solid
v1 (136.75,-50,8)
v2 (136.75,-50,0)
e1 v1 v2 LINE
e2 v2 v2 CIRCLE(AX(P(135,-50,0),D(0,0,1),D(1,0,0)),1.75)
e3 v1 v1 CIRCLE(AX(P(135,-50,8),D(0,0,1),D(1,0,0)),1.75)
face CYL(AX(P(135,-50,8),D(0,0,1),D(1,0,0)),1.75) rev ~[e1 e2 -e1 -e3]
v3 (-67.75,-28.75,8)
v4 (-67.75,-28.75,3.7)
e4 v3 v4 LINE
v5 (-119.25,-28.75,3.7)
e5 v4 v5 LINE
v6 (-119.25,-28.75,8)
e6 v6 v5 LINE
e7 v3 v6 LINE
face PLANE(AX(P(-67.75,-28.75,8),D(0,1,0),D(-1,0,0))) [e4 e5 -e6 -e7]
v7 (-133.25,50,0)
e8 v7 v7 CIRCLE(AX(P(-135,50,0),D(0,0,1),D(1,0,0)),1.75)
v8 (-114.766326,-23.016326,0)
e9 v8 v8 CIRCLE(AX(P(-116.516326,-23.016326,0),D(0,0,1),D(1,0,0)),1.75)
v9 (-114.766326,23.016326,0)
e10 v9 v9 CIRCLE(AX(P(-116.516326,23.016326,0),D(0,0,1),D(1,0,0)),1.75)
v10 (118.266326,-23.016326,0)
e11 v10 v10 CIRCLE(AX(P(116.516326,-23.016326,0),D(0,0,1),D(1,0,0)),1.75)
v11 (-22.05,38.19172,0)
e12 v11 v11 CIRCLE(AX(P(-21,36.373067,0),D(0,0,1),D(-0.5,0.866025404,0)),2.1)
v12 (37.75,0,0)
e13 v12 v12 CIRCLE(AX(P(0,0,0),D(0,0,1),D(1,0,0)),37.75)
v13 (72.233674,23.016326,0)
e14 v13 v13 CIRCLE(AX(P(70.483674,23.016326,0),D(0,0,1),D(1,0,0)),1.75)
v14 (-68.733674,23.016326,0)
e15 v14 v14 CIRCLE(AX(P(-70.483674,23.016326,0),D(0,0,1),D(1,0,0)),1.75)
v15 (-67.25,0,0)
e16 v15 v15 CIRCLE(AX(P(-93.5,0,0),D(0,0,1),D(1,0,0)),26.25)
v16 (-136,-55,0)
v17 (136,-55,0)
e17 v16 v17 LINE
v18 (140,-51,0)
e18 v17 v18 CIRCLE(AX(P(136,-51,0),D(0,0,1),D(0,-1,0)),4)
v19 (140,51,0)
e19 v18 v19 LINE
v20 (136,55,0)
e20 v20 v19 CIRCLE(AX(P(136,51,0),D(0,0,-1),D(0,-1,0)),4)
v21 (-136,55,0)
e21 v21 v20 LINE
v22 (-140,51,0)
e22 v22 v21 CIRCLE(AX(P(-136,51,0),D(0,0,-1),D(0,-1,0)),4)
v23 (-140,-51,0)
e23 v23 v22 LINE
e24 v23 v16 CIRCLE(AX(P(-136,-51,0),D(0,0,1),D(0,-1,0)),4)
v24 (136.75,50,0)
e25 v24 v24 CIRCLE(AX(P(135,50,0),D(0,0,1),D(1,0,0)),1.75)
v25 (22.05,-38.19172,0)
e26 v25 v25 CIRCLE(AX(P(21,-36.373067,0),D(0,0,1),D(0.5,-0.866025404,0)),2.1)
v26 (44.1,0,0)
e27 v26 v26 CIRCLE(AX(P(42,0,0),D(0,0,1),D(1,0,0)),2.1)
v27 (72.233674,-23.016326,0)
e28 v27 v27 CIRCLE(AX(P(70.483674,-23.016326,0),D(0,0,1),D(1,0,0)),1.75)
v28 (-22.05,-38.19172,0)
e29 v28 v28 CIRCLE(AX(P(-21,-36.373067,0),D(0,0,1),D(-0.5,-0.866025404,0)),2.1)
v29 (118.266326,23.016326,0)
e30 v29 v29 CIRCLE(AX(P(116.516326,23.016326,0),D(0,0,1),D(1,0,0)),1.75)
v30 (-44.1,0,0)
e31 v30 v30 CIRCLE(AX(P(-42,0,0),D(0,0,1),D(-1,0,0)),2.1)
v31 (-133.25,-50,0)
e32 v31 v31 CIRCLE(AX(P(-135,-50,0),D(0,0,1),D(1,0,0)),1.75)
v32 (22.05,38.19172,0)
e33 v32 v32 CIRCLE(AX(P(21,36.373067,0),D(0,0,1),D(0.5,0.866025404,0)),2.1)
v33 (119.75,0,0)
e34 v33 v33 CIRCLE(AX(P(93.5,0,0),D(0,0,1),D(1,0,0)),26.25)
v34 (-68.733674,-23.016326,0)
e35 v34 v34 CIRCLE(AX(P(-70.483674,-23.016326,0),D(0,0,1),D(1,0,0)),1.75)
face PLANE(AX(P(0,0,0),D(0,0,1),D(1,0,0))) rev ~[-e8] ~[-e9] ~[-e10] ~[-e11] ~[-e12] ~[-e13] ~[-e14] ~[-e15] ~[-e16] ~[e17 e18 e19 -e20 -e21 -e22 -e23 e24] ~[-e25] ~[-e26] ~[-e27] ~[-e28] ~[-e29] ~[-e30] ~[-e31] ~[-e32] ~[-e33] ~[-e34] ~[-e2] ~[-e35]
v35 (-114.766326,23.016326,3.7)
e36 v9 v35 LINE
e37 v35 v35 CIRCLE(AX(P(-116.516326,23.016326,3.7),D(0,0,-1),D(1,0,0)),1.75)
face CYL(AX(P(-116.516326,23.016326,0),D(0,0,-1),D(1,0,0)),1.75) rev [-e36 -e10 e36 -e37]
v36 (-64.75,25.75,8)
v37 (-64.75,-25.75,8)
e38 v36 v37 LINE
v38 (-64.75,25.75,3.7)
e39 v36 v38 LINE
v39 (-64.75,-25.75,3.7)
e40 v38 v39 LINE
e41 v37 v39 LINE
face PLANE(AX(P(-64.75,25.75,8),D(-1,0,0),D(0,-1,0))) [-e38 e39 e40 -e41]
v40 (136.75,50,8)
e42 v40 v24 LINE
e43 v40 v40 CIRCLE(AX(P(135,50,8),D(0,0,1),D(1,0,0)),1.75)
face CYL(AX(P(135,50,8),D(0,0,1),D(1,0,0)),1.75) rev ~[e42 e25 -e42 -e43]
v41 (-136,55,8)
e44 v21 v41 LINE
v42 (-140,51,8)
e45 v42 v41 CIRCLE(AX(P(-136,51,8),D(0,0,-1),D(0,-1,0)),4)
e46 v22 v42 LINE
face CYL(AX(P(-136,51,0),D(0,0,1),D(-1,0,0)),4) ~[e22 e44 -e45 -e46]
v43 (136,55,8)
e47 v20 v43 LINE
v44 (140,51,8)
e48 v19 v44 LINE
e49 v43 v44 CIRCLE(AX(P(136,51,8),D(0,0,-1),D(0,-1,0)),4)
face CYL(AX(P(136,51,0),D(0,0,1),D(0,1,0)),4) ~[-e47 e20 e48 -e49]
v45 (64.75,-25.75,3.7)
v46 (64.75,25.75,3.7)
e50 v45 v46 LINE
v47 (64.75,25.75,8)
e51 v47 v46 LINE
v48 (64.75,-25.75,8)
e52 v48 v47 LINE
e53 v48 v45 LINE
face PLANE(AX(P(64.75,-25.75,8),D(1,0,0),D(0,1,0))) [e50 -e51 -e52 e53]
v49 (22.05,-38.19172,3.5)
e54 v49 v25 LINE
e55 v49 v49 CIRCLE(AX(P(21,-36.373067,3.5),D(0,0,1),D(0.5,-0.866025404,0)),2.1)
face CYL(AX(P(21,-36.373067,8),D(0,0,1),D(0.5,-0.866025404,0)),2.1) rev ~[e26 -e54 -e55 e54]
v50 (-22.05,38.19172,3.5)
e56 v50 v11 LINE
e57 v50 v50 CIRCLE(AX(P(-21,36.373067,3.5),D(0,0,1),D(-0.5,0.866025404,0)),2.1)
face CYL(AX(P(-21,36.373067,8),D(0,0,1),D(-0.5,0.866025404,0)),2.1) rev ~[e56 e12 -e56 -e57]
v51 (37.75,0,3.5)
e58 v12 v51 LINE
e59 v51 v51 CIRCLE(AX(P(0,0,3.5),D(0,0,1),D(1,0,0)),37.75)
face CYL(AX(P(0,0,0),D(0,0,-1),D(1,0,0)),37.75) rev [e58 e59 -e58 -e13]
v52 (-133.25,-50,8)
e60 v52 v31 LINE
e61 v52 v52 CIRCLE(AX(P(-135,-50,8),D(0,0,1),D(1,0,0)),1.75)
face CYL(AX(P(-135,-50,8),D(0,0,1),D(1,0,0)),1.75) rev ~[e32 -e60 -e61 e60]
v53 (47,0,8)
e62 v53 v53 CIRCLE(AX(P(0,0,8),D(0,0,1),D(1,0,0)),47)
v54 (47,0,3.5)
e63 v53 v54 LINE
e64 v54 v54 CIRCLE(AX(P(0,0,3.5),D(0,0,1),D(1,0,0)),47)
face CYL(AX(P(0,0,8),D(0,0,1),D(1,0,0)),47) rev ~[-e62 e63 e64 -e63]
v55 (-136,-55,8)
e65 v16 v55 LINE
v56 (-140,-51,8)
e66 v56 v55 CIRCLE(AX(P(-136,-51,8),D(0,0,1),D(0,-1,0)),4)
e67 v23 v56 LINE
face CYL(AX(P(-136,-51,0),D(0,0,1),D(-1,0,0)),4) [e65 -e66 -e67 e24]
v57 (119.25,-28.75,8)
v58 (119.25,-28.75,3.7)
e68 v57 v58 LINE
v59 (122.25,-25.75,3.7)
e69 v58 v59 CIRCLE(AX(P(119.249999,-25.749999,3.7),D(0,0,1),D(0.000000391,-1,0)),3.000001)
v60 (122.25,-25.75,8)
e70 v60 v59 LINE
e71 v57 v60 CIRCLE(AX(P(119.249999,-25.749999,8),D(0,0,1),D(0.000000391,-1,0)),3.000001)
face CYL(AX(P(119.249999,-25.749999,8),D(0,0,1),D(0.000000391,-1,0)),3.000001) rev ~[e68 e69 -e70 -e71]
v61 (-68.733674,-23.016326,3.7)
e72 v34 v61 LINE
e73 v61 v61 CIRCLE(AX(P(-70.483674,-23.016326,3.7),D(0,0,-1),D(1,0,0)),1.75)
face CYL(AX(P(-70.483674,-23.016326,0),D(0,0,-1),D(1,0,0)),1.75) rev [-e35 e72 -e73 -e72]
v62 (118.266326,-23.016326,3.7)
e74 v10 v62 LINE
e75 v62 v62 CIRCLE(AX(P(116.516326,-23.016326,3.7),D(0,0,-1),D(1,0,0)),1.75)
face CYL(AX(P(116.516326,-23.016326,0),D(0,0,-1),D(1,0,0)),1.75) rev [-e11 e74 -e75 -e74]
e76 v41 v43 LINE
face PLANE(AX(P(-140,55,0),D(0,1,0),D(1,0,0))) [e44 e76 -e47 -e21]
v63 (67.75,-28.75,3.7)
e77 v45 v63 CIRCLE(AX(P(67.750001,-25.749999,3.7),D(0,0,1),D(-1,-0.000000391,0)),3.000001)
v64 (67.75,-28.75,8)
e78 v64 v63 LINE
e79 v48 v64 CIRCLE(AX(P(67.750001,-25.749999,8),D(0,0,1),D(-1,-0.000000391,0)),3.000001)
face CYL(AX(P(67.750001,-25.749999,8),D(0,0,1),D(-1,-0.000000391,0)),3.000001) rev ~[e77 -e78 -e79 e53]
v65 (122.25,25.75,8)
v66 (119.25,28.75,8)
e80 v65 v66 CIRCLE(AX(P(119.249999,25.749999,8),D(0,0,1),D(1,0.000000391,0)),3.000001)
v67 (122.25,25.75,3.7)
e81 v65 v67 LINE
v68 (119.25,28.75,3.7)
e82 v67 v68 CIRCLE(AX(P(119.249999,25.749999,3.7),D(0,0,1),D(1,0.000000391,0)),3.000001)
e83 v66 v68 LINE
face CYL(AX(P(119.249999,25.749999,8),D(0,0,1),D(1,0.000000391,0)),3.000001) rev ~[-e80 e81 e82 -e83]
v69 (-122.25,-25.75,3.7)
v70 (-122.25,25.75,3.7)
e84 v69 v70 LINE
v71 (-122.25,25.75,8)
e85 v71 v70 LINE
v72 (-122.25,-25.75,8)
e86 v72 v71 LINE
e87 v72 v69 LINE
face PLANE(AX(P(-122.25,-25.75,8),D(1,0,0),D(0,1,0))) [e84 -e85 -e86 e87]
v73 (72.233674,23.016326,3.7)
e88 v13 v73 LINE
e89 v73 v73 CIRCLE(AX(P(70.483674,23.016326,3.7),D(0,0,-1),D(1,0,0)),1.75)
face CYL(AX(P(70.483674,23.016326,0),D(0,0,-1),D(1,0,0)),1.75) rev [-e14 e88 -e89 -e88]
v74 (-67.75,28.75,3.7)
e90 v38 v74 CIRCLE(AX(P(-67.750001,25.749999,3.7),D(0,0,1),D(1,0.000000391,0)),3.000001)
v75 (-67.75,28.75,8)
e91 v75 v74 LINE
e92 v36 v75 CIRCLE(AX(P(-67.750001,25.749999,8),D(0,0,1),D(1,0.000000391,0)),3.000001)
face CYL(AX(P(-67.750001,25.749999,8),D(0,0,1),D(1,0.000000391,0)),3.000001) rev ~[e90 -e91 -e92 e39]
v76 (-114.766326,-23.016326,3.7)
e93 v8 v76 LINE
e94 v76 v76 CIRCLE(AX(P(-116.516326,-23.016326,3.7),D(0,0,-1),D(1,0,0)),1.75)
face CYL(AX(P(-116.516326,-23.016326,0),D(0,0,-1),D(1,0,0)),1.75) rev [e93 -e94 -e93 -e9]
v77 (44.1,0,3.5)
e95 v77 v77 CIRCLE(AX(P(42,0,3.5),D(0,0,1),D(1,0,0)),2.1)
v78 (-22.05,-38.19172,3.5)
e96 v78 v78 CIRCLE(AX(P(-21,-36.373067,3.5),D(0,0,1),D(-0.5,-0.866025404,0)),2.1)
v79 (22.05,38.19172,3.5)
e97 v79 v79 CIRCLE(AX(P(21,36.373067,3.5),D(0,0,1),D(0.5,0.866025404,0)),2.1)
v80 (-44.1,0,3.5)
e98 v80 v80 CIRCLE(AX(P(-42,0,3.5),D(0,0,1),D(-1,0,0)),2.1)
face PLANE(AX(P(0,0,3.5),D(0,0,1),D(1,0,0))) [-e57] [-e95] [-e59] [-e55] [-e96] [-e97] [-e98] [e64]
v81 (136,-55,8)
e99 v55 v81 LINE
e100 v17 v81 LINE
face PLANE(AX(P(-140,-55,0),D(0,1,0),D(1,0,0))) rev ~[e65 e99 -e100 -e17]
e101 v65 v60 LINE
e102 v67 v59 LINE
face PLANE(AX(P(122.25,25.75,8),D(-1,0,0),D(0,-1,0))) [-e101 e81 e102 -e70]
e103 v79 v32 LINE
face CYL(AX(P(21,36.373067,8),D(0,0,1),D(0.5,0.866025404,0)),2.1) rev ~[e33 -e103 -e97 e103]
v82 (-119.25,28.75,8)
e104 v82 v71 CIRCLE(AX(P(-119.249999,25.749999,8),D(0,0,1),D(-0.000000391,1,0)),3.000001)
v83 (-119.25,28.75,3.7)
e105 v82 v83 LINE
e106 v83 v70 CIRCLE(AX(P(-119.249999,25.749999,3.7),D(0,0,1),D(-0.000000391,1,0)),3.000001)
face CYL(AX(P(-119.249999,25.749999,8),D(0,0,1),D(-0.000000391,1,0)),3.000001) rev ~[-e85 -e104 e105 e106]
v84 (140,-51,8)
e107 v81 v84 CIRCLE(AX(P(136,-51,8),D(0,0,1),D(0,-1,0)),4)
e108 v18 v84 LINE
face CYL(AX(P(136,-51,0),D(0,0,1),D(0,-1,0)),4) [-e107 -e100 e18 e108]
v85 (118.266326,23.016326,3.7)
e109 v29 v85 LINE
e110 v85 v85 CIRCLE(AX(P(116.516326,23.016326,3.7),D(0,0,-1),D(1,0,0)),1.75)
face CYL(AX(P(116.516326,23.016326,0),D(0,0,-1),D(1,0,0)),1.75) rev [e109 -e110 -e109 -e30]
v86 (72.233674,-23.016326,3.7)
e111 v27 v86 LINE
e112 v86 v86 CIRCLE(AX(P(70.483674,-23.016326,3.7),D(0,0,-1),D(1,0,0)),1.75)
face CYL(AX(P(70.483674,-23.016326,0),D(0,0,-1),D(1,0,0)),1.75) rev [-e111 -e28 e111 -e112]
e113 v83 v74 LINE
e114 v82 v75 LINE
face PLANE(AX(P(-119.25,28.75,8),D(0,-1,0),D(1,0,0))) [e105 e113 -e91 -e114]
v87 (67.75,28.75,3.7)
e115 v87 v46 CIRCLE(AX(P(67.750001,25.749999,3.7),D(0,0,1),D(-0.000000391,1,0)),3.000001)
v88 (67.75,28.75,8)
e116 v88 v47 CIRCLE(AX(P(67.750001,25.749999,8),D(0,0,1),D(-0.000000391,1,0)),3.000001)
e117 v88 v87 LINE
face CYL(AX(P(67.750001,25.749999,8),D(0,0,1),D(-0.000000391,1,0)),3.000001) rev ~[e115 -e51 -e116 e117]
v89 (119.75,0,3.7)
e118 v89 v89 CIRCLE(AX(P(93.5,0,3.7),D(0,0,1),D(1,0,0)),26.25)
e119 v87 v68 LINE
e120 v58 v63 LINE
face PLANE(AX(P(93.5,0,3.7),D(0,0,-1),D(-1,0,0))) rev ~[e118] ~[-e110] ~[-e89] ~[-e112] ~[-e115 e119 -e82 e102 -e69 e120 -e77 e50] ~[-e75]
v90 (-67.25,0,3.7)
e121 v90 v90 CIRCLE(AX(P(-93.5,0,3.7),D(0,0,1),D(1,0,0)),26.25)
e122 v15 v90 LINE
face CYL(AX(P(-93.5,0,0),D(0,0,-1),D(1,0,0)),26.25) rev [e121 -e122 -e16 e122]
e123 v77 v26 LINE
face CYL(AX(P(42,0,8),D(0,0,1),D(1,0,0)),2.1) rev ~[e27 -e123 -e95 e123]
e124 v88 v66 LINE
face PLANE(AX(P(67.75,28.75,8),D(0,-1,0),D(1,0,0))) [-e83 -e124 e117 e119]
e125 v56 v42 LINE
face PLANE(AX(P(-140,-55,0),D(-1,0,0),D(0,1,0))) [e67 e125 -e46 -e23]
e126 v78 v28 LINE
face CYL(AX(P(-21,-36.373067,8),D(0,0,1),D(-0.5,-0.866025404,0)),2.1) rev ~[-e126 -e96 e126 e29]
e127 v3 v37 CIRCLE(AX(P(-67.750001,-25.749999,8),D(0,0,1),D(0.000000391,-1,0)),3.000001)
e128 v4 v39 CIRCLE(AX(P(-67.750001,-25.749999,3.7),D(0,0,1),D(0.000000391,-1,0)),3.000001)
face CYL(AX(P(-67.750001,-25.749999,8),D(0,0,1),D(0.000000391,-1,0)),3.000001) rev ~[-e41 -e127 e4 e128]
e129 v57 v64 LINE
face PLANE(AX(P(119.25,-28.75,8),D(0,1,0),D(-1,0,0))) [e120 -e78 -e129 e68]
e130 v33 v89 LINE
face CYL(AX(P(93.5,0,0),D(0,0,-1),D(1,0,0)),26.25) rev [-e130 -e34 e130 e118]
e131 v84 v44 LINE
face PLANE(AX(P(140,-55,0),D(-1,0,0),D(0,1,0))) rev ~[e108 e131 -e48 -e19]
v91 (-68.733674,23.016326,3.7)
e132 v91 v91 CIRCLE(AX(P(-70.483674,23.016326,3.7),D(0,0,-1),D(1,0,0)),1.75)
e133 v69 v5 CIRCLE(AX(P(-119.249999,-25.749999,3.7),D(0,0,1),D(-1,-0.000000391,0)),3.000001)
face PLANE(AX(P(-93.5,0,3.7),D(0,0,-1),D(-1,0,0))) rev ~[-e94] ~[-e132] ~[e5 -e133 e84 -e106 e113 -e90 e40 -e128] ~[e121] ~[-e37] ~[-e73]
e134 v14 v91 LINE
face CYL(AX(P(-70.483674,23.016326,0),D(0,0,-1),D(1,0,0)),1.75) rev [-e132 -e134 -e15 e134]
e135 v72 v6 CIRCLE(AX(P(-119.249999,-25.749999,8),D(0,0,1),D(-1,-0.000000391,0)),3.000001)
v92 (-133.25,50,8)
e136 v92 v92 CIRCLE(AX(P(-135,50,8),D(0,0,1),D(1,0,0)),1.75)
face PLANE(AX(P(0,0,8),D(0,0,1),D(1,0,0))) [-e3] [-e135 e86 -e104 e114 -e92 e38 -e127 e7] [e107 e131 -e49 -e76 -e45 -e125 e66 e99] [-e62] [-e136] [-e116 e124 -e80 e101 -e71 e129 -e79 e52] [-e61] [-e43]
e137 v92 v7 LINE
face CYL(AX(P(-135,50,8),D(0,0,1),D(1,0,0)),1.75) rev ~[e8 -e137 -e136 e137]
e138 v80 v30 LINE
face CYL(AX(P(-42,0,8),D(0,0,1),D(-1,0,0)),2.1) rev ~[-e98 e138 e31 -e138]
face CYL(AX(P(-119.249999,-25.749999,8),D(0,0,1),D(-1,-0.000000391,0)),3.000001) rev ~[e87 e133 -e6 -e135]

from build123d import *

# Parameters (mm, degrees)
SKETCH_W           = 280
SKETCH_H           = 110
SKETCH_R           = 37.75
SKETCH_R_2         = 26.25
SKETCH_R_3         = 1.75
PAD_DEPTH          = 8
SKETCH001_R        = 2.1
POCKET_DEPTH       = 8
POLARPATTERN_COUNT = 6
SKETCH002_R        = 47
SKETCH002_R_2      = 37.75
POCKET001_DEPTH    = 4.5
SKETCH003_R        = 26.25
POCKET002_DEPTH    = 4.3
SKETCH004_R        = 1.75
POCKET003_DEPTH    = 8
FILLET002_R        = 4


with BuildPart() as part:
    # Sketch → Pad (new body)
    with BuildSketch(Plane.XY):
        Rectangle(SKETCH_W, SKETCH_H)
        Circle(SKETCH_R, mode=Mode.SUBTRACT)
        with Locations((93.5, 0)):
            Circle(SKETCH_R_2, mode=Mode.SUBTRACT)
        with Locations((-93.5, 0)):
            Circle(SKETCH_R_2, mode=Mode.SUBTRACT)
        with Locations((116.516326, -23.016326)):
            Circle(SKETCH_R_3, mode=Mode.SUBTRACT)
        with Locations((116.516326, 23.016326)):
            Circle(SKETCH_R_3, mode=Mode.SUBTRACT)
        with Locations((70.483674, 23.016326)):
            Circle(SKETCH_R_3, mode=Mode.SUBTRACT)
        with Locations((70.483674, -23.016326)):
            Circle(SKETCH_R_3, mode=Mode.SUBTRACT)
        with Locations((-116.516326, 23.016326)):
            Circle(SKETCH_R_3, mode=Mode.SUBTRACT)
        with Locations((-70.483674, 23.016326)):
            Circle(SKETCH_R_3, mode=Mode.SUBTRACT)
        with Locations((-70.483674, -23.016326)):
            Circle(SKETCH_R_3, mode=Mode.SUBTRACT)
        with Locations((-116.516326, -23.016326)):
            Circle(SKETCH_R_3, mode=Mode.SUBTRACT)
    extrude(amount=PAD_DEPTH)

    # Sketch001 (on Face17 of Pad) → Pocket (cut)
    with BuildSketch(Plane.XY.offset(8)):
        with Locations((42, 0)):
            Circle(SKETCH001_R)
    pocket = extrude(amount=-POCKET_DEPTH, mode=Mode.SUBTRACT)

    # PolarPattern: Pocket ×6 about axis
    polarpattern_axis = Axis((0, 0, 8), (0, 0, 1))
    for i in range(1, POLARPATTERN_COUNT):
        add(pocket.rotate(polarpattern_axis, i * 360 / POLARPATTERN_COUNT), mode=Mode.SUBTRACT)

    # Sketch002 (on Face5 of PolarPattern) → Pocket001 (cut)
    with BuildSketch(Plane.XY.offset(8)):
        Circle(SKETCH002_R)
        Circle(SKETCH002_R_2, mode=Mode.SUBTRACT)
    extrude(amount=-POCKET001_DEPTH, mode=Mode.SUBTRACT)

    # Sketch003 (on Face5 of Pocket001) → Pocket002 (cut)
    with BuildSketch(Plane.XY.offset(8)):
        with BuildLine():
            Line((-119.25, 28.75), (-67.75, 28.75))
            ThreePointArc((-64.75, 25.75), (-65.62868, 27.87132), (-67.75, 28.75))
            Line((-64.75, 25.75), (-64.75, -25.75))
            ThreePointArc((-67.75, -28.75), (-65.62868, -27.87132), (-64.75, -25.75))
            Line((-67.75, -28.75), (-119.25, -28.75))
            ThreePointArc((-122.25, -25.75), (-121.37132, -27.87132), (-119.25, -28.75))
            Line((-122.25, -25.75), (-122.25, 25.75))
            ThreePointArc((-119.25, 28.75), (-121.37132, 27.87132), (-122.25, 25.75))
        make_face()
        with Locations((-93.5, 0)):
            Circle(SKETCH003_R, mode=Mode.SUBTRACT)
        with BuildLine():
            Line((67.75, 28.75), (119.25, 28.75))
            ThreePointArc((122.25, 25.75), (121.37132, 27.87132), (119.25, 28.75))
            Line((122.25, 25.75), (122.25, -25.75))
            ThreePointArc((119.25, -28.75), (121.37132, -27.87132), (122.25, -25.75))
            Line((119.25, -28.75), (67.75, -28.75))
            ThreePointArc((64.75, -25.75), (65.62868, -27.87132), (67.75, -28.75))
            Line((64.75, -25.75), (64.75, 25.75))
            ThreePointArc((67.75, 28.75), (65.62868, 27.87132), (64.75, 25.75))
        make_face()
        with Locations((93.5, 0)):
            Circle(SKETCH003_R, mode=Mode.SUBTRACT)
    extrude(amount=-POCKET002_DEPTH, mode=Mode.SUBTRACT)

    # Sketch004 (on Face5 of Pocket002) → Pocket003 (cut)
    with BuildSketch(Plane.XY.offset(8)):
        with Locations((-135, 50)):
            Circle(SKETCH004_R)
        with Locations((-135, -50)):
            Circle(SKETCH004_R)
        with Locations((135, -50)):
            Circle(SKETCH004_R)
        with Locations((135, 50)):
            Circle(SKETCH004_R)
    extrude(amount=-POCKET003_DEPTH, mode=Mode.SUBTRACT)

    # Fillet002
    fillet002_edges = [part.edges().sort_by_distance(p)[0] for p in [
        (140, -55, 4),
        (-140, -55, 4),
        (-140, 55, 4),
        (140, 55, 4),
    ]]
    fillet(fillet002_edges, radius=FILLET002_R)


solid = part.part
